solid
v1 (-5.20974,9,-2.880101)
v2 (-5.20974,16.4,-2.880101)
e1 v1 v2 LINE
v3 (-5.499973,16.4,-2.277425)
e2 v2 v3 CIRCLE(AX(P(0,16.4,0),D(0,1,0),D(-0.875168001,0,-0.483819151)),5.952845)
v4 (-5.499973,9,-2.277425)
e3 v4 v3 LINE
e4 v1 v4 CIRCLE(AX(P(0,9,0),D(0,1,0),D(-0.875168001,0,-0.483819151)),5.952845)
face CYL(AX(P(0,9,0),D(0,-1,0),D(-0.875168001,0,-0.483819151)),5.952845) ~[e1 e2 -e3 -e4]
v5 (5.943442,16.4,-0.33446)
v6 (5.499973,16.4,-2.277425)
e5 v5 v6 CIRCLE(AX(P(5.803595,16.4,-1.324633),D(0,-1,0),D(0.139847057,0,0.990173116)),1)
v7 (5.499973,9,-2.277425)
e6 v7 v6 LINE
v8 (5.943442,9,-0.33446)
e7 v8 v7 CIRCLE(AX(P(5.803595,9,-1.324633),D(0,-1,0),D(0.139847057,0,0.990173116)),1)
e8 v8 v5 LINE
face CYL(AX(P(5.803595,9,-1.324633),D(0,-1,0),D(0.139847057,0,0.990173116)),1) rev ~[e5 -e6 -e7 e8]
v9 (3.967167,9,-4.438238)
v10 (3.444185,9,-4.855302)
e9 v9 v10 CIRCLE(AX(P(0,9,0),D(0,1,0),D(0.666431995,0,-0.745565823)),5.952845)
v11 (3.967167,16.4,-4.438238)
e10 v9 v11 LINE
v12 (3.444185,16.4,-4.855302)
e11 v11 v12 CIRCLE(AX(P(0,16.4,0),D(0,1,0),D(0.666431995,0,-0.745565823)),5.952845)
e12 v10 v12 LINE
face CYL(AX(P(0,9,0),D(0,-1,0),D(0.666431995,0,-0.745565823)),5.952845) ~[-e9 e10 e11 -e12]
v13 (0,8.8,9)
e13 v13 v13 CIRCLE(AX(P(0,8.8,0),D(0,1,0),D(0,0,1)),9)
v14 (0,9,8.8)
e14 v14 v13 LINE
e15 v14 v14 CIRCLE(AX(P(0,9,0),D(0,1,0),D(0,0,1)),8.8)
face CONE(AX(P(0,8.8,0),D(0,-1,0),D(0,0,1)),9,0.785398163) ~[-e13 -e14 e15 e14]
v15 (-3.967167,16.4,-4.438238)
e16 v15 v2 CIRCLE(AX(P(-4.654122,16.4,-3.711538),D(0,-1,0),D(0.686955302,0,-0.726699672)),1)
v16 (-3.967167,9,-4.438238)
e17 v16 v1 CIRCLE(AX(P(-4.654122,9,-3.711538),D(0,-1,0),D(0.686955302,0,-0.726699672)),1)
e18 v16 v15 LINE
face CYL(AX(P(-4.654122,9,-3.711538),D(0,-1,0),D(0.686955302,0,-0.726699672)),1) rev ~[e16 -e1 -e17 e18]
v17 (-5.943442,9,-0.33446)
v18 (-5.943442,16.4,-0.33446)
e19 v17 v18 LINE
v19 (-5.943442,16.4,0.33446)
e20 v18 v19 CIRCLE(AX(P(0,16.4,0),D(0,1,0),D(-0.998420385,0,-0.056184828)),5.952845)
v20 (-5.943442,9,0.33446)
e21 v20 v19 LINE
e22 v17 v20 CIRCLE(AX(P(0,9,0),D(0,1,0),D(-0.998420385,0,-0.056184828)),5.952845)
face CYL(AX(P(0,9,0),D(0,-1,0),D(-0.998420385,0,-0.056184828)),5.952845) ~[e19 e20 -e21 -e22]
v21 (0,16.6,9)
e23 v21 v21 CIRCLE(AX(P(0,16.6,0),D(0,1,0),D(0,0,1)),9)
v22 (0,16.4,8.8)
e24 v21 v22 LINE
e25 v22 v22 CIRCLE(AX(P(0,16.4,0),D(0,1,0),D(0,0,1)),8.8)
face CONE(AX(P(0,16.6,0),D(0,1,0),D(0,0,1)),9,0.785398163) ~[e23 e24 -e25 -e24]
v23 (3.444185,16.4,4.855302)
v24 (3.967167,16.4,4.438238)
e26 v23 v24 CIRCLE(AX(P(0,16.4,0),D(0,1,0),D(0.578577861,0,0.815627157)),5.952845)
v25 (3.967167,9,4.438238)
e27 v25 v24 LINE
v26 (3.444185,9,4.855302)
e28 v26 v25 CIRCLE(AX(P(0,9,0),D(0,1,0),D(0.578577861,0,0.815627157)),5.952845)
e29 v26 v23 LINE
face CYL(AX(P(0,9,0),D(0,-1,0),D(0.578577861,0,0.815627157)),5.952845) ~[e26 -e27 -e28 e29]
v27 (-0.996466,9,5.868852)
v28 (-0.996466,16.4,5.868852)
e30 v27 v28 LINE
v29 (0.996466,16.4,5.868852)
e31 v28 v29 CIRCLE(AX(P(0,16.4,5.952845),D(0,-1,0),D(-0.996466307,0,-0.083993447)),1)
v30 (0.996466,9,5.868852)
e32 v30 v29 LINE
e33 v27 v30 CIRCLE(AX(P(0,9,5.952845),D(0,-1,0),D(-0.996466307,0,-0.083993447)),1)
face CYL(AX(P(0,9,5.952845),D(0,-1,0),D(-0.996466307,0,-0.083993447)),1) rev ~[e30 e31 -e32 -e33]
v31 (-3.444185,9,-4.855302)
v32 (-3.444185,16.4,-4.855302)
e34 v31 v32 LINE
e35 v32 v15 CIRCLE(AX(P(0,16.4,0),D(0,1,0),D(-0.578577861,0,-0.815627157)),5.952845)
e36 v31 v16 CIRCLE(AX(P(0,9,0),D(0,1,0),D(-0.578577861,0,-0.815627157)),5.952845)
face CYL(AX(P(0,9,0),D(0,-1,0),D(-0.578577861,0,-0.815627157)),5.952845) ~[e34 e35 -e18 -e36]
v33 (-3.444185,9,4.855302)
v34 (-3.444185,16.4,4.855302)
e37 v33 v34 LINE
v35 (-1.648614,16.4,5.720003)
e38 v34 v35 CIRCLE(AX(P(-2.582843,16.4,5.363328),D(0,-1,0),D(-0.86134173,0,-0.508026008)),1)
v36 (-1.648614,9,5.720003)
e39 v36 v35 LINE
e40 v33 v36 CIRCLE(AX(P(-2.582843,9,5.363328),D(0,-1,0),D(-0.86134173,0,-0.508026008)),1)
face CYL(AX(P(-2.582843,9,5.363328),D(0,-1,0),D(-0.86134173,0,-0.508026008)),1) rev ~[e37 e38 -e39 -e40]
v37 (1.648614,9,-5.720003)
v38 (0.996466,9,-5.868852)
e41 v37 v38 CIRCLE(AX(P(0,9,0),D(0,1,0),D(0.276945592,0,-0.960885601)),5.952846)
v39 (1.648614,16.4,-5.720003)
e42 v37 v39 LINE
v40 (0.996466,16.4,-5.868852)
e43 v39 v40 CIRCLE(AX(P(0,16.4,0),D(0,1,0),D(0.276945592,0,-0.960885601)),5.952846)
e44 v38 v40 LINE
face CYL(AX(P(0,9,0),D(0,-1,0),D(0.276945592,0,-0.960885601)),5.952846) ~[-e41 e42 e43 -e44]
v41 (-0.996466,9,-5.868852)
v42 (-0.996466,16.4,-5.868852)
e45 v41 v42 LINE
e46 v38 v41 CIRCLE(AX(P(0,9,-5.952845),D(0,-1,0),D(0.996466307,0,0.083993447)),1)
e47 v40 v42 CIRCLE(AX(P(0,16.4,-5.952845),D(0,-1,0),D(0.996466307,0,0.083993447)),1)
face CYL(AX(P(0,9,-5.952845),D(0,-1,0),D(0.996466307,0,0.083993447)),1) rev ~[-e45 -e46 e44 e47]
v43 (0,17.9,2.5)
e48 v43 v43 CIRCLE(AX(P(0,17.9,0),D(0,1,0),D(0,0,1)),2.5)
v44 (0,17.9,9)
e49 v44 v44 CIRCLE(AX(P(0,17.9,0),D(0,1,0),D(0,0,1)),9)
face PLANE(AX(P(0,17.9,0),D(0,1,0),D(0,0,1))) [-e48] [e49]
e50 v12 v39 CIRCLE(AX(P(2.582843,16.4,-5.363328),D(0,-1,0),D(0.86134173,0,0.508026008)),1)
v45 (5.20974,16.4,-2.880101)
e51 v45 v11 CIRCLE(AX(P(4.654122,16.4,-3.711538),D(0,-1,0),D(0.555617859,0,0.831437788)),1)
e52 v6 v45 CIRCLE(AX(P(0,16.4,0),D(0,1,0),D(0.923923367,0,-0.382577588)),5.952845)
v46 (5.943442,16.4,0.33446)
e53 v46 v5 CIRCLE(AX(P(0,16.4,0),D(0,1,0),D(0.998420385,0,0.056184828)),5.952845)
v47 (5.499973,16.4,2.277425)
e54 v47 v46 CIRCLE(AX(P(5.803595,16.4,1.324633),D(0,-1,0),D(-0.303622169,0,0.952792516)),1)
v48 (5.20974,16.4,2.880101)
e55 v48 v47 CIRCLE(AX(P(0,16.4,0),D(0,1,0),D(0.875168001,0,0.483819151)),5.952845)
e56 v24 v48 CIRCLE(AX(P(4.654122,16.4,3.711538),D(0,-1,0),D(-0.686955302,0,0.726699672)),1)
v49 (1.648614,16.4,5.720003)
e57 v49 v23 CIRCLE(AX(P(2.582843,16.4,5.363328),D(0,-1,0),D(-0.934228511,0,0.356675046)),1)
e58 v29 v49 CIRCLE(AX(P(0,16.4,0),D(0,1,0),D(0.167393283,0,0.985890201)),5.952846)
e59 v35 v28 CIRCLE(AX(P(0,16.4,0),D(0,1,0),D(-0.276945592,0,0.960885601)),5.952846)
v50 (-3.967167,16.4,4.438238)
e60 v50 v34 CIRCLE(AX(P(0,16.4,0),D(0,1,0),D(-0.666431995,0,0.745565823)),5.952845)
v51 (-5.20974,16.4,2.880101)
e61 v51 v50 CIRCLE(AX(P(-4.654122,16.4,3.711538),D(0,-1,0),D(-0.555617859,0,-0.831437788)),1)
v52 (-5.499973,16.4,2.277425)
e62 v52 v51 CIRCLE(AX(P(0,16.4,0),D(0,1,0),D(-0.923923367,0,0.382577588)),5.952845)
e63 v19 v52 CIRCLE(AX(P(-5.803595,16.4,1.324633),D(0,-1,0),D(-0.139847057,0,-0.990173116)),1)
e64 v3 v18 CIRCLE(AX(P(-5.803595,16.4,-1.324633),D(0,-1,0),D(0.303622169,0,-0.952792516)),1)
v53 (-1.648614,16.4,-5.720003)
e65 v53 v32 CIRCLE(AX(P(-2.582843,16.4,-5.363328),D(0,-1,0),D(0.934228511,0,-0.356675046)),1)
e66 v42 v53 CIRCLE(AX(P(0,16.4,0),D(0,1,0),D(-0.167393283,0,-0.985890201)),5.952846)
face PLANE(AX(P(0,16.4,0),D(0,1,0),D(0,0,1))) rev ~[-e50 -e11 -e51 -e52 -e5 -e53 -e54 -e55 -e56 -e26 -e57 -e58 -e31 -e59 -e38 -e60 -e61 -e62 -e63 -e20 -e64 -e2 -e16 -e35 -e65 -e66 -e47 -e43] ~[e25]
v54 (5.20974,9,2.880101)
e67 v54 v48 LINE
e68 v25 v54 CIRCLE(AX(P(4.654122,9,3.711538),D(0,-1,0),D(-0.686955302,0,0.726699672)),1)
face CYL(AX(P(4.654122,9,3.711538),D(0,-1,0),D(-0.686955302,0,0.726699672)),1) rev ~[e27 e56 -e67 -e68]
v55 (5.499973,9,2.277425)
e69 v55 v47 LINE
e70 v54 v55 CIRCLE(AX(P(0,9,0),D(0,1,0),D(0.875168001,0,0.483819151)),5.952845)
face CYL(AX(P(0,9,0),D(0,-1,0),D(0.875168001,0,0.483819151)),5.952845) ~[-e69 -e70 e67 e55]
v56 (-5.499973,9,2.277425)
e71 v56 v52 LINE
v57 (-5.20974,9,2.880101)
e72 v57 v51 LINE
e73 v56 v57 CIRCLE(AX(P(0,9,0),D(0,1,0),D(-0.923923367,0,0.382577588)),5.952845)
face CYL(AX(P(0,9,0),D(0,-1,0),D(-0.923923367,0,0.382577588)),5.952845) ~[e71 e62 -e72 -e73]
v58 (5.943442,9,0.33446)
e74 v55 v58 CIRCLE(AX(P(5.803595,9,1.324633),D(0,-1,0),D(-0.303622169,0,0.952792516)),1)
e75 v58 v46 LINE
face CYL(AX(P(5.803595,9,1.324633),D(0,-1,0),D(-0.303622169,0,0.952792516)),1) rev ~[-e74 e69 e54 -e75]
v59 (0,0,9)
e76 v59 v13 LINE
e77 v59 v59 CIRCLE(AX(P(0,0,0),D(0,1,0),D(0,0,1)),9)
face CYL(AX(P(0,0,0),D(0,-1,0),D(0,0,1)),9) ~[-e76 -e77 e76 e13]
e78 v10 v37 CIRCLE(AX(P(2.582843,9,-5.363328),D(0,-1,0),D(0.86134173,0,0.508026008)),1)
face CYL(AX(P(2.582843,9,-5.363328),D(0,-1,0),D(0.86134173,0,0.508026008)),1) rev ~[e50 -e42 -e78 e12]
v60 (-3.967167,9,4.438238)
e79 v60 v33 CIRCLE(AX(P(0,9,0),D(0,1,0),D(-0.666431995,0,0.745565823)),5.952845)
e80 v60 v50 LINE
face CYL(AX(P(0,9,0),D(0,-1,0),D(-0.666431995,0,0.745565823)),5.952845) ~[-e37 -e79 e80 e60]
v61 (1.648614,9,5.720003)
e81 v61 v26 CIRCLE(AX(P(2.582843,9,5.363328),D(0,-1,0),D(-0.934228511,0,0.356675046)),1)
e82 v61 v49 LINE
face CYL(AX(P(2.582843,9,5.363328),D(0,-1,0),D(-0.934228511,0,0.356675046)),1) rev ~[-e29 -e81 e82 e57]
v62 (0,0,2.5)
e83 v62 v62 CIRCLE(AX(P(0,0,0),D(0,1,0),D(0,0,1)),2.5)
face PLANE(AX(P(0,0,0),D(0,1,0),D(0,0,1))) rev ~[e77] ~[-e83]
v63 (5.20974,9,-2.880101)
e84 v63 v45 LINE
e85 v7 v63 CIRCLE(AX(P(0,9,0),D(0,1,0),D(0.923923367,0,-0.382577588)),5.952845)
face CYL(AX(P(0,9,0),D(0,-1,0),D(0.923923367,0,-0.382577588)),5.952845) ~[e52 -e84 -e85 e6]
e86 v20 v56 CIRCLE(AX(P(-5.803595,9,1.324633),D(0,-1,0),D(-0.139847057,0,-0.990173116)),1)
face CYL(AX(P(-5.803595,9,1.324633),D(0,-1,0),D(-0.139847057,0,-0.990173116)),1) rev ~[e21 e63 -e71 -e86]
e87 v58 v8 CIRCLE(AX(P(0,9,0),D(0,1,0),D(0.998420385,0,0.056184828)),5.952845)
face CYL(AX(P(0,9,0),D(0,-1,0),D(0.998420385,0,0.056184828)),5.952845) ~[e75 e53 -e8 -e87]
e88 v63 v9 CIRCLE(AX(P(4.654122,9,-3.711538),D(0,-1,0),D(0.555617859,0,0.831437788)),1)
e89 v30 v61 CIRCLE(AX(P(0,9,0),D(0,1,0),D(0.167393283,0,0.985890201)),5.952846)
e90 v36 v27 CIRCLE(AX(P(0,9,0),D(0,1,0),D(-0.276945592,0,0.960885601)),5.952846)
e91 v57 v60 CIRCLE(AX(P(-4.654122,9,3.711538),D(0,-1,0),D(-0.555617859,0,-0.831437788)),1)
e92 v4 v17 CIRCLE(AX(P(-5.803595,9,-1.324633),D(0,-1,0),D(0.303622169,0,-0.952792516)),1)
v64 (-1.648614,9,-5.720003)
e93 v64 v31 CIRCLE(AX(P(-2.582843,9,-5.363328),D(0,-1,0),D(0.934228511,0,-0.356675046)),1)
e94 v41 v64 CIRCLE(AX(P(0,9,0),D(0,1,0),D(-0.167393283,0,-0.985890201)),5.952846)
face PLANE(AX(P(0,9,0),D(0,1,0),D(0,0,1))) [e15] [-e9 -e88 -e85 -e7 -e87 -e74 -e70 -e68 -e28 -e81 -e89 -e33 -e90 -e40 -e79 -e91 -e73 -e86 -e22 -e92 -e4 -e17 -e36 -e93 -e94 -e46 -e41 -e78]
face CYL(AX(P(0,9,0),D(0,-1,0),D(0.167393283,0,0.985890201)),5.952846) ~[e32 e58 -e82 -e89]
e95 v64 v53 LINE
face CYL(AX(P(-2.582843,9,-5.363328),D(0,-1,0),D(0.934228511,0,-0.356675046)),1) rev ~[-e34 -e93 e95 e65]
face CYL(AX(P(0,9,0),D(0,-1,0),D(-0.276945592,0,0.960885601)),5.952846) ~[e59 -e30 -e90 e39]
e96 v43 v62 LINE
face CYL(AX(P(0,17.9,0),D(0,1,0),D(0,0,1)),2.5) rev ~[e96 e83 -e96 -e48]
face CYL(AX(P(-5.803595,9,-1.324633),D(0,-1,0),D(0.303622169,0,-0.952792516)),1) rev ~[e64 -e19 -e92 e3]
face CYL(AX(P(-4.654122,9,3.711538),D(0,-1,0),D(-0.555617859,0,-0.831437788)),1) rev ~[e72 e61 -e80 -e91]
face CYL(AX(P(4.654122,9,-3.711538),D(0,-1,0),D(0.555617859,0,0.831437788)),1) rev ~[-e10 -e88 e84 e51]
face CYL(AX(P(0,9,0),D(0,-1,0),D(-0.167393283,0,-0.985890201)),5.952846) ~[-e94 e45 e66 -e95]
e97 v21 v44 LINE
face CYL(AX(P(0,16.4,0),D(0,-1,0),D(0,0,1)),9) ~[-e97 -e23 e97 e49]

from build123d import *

# Parameters (mm, degrees)
SKETCH_2_R          = 9
EXTRUDE_1_DEPTH     = 9
EXTRUDE_2_DEPTH     = 7.4
SKETCH_4_R          = 9
EXTRUDE_3_DEPTH     = 1.5
SKETCH_5_R          = 2.5
CUT_EXTRUDE_1_DEPTH = 22.963833909
CHAMFER_1_SIZE      = 0.2


with BuildPart() as part:
    # 草图2 → 凸台-拉伸1 (new body)
    with BuildSketch(Plane(origin=(0, 0, 0), x_dir=(1, 0, 0), z_dir=(0, 1, 0))):
        with Locations(Location((0, 0, 0), (0, 0, 270))):
            Circle(SKETCH_2_R)
    extrude(amount=EXTRUDE_1_DEPTH)

    # 草图3 → 凸台-拉伸2 (add)
    with BuildSketch(Plane(origin=(0, 9, 0), x_dir=(1, 0, 0), z_dir=(0, 1, 0))):
        with BuildLine():
            ThreePointArc((-3.444184526, 4.855302323), (-3.711538364, 4.654121901), (-3.967166599, 4.438238037))
            ThreePointArc((-3.967166599, 4.438238037), (-3.872290418, 3.088048563), (-5.20973976, 2.880100577))
            ThreePointArc((-5.20973976, 2.880100577), (-5.363328331, 2.582842797), (-5.499972914, 2.277425222))
            ThreePointArc((-5.499972914, 2.277425222), (-4.828667171, 1.102111772), (-5.943442141, 0.334459589))
            ThreePointArc((-5.943442141, 0.334459589), (-5.952845345, 0), (-5.943442141, -0.334459589))
            ThreePointArc((-5.943442141, -0.334459589), (-4.828667171, -1.102111772), (-5.499972914, -2.277425222))
            ThreePointArc((-5.499972914, -2.277425222), (-5.363328331, -2.582842797), (-5.20973976, -2.880100577))
            ThreePointArc((-5.20973976, -2.880100577), (-3.872290418, -3.088048563), (-3.967166599, -4.438238037))
            ThreePointArc((-3.967166599, -4.438238037), (-3.711538364, -4.654121901), (-3.444184526, -4.855302323))
            ThreePointArc((-3.444184526, -4.855302323), (-2.148959057, -4.462359463), (-1.648614285, -5.720003377))
            ThreePointArc((-1.648614285, -5.720003377), (-1.324632706, -5.803595083), (-0.996466307, -5.868851898))
            ThreePointArc((-0.996466307, -5.868851898), (0, -4.952845345), (0.996466307, -5.868851898))
            ThreePointArc((0.996466307, -5.868851898), (1.324632706, -5.803595083), (1.648614285, -5.720003377))
            ThreePointArc((1.648614285, -5.720003377), (2.148959057, -4.462359463), (3.444184526, -4.855302323))
            ThreePointArc((3.444184526, -4.855302323), (3.711538364, -4.654121901), (3.967166599, -4.438238037))
            ThreePointArc((3.967166599, -4.438238037), (3.872290418, -3.088048563), (5.20973976, -2.880100577))
            ThreePointArc((5.20973976, -2.880100577), (5.363328331, -2.582842797), (5.499972914, -2.277425222))
            ThreePointArc((5.499972914, -2.277425222), (4.828667171, -1.102111772), (5.943442141, -0.334459589))
            ThreePointArc((5.943442141, -0.334459589), (5.952845345, 0), (5.943442141, 0.334459589))
            ThreePointArc((5.943442141, 0.334459589), (4.828667171, 1.102111772), (5.499972914, 2.277425222))
            ThreePointArc((5.499972914, 2.277425222), (5.363328331, 2.582842797), (5.20973976, 2.880100577))
            ThreePointArc((5.20973976, 2.880100577), (3.872290418, 3.088048563), (3.967166599, 4.438238037))
            ThreePointArc((3.967166599, 4.438238037), (3.711538364, 4.654121901), (3.444184526, 4.855302323))
            ThreePointArc((3.444184526, 4.855302323), (2.148959057, 4.462359463), (1.648614285, 5.720003377))
            ThreePointArc((1.648614285, 5.720003377), (1.324632706, 5.803595083), (0.996466307, 5.868851898))
            ThreePointArc((0.996466307, 5.868851898), (0, 4.952845345), (-0.996466307, 5.868851898))
            ThreePointArc((-0.996466307, 5.868851898), (-1.324632706, 5.803595083), (-1.648614285, 5.720003377))
            ThreePointArc((-1.648614285, 5.720003377), (-2.148959057, 4.462359463), (-3.444184526, 4.855302323))
        make_face()
    extrude(amount=EXTRUDE_2_DEPTH)

    # 草图4 → 凸台-拉伸3 (add)
    with BuildSketch(Plane(origin=(0, 16.4, 0), x_dir=(1, 0, 0), z_dir=(0, 1, 0))):
        with Locations(Location((0, 0, 0), (0, 0, 270))):
            Circle(SKETCH_4_R)
    extrude(amount=EXTRUDE_3_DEPTH)

    # 草图5 → 切除-拉伸1 (cut, through all)
    with BuildSketch(Plane(origin=(0, 17.9, 0), x_dir=(1, 0, 0), z_dir=(0, 1, 0))):
        with Locations(Location((0, 0, 0), (0, 0, 270))):
            Circle(SKETCH_5_R)
    extrude(amount=-CUT_EXTRUDE_1_DEPTH, mode=Mode.SUBTRACT)

    # 倒角1
    chamfer_1_edges = [part.edges().sort_by_distance(p)[0] for p in [
        (0, 9, -9),
        (0, 16.4, -9),
    ]]
    chamfer(chamfer_1_edges, length=CHAMFER_1_SIZE)


solid = part.part
